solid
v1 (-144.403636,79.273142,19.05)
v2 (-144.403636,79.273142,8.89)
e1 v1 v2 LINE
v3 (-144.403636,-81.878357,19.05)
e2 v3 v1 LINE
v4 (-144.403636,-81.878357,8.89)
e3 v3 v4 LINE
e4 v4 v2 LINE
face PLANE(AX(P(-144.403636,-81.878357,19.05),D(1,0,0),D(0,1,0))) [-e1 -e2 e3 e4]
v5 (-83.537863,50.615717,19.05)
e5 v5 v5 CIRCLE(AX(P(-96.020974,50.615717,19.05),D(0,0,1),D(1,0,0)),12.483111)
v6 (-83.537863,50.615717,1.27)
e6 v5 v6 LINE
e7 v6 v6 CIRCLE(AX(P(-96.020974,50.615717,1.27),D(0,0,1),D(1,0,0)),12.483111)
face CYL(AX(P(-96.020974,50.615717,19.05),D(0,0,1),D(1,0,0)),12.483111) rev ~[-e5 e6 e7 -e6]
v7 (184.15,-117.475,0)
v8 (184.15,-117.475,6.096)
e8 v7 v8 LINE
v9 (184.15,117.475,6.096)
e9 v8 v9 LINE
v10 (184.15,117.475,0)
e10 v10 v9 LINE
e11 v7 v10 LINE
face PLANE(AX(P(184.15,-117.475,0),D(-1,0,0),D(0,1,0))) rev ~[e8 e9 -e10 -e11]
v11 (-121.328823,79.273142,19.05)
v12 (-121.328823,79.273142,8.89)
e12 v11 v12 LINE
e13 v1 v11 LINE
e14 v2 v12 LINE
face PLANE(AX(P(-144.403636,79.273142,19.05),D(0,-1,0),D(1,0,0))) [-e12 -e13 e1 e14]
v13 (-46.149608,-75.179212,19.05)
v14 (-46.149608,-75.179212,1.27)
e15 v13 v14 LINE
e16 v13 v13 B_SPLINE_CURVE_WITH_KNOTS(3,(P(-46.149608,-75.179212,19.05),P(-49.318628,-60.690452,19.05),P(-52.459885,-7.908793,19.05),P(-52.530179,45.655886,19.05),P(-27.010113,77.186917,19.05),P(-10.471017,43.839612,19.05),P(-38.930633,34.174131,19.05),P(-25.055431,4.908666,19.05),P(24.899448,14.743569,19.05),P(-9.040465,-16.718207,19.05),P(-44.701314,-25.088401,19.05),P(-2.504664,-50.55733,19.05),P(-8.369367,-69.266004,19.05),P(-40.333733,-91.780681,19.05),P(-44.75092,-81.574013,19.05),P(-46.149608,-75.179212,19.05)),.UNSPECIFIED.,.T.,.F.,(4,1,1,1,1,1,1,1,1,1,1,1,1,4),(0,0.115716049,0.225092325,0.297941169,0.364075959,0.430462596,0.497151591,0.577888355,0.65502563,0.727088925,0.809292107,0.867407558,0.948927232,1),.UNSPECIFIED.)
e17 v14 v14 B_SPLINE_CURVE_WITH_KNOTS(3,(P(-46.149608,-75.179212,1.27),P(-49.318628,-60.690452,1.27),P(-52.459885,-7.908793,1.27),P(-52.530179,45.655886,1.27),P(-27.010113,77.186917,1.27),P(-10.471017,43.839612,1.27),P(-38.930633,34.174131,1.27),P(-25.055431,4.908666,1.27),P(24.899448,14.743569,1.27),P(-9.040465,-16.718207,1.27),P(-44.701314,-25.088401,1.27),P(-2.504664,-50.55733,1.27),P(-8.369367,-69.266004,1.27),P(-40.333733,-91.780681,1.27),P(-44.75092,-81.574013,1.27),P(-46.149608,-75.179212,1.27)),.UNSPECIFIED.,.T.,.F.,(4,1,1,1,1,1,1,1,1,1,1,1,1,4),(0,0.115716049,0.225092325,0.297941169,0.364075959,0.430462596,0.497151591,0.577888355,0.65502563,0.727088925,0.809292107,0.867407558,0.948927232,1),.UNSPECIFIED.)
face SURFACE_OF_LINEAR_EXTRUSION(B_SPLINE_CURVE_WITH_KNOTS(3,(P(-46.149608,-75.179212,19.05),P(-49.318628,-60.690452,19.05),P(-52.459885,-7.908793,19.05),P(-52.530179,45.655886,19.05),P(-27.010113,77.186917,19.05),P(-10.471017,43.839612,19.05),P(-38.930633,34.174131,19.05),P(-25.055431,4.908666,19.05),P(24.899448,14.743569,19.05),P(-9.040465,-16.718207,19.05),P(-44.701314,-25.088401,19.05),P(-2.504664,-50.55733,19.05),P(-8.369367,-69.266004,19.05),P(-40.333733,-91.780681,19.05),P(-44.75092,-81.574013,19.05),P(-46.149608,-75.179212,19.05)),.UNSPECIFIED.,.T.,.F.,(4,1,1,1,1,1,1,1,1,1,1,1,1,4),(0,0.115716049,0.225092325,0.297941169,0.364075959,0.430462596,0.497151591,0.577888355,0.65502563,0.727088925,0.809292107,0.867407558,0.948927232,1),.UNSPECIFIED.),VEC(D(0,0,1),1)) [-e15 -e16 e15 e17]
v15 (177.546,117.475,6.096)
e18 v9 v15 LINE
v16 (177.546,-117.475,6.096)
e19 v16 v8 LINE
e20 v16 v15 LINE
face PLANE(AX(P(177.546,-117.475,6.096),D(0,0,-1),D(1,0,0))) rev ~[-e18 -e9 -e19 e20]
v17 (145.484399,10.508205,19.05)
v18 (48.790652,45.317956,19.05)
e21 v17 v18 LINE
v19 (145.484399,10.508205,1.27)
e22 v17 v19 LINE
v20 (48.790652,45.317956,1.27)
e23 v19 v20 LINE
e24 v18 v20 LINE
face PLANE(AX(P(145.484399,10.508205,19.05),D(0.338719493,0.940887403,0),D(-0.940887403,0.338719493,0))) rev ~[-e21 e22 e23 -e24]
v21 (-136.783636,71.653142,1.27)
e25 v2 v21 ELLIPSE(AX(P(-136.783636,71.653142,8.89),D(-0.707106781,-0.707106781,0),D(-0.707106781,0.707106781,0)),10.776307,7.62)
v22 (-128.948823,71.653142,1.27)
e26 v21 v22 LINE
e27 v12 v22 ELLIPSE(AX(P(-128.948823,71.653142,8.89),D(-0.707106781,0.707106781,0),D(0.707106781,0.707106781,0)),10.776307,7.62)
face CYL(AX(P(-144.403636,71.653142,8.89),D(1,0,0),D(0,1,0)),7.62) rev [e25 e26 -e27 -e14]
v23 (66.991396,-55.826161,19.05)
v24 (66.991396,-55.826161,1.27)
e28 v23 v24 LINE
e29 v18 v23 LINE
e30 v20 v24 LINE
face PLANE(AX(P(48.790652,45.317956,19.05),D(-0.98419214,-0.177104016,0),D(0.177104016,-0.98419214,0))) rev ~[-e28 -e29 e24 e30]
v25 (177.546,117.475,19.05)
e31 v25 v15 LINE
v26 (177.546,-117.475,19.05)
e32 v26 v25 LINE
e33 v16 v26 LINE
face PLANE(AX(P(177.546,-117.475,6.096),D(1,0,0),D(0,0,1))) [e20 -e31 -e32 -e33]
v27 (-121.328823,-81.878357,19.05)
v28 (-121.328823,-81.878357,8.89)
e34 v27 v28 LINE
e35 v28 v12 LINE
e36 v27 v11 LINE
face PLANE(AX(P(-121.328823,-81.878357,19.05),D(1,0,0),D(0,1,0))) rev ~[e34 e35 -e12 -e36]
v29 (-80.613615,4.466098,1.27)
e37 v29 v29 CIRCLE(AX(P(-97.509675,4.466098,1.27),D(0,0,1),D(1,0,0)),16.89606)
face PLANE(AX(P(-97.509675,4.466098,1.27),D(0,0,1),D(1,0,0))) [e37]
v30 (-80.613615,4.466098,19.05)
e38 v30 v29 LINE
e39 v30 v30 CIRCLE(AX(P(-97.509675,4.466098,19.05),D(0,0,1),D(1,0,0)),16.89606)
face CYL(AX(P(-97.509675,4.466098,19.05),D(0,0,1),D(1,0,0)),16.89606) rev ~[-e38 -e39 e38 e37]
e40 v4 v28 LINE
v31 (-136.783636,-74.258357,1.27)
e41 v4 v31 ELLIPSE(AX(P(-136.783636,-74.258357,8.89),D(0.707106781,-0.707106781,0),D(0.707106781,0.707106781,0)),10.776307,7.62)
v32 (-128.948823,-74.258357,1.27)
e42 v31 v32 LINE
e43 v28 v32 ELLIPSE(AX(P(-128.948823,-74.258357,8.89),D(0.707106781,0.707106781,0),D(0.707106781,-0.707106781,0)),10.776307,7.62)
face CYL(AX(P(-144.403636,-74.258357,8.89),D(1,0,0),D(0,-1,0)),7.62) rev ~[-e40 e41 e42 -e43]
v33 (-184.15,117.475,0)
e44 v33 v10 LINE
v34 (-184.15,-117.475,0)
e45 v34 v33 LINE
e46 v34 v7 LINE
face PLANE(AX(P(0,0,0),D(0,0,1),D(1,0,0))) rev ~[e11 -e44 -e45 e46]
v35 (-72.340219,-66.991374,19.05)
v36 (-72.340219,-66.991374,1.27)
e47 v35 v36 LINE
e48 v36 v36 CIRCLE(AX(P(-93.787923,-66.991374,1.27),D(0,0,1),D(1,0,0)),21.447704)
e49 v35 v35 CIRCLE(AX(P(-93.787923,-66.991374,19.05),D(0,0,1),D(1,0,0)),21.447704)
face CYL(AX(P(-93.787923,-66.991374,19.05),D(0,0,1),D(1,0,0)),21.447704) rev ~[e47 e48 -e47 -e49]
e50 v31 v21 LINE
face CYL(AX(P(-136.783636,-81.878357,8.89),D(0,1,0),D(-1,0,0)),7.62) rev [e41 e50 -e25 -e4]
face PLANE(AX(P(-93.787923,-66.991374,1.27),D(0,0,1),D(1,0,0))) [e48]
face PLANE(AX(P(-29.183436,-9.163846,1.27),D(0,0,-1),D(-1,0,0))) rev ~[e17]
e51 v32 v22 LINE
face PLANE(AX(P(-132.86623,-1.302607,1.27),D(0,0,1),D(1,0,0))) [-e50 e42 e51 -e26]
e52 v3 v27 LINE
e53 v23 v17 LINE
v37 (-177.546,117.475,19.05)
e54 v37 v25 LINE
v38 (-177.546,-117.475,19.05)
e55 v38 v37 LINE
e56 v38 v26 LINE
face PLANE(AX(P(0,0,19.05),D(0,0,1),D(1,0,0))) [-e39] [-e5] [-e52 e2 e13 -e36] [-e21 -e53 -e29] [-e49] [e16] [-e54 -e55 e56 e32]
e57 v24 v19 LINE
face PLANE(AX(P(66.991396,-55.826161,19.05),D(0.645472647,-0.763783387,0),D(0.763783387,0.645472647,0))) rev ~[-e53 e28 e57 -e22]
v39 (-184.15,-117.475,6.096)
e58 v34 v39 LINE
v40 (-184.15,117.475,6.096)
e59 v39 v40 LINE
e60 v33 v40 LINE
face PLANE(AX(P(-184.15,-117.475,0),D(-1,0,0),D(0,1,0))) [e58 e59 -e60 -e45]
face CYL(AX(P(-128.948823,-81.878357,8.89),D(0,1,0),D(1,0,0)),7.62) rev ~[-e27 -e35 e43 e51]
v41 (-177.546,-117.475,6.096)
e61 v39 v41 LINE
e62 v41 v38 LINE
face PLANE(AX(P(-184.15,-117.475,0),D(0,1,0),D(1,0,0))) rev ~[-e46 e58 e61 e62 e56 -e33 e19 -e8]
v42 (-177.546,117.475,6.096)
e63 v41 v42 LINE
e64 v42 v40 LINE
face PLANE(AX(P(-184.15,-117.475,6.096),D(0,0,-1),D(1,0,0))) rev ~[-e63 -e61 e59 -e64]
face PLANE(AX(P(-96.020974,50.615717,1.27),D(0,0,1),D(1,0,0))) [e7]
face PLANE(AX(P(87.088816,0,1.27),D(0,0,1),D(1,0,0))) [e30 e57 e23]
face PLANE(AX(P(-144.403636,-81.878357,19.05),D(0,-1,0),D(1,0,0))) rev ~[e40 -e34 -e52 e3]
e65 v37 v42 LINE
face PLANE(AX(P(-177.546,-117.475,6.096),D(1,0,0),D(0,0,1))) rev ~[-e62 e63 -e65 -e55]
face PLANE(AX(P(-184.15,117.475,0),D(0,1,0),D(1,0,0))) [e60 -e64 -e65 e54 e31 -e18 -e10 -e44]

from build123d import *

# Parameters (mm, degrees)
F0_W      = 368.3
F0_H      = 234.95
F1_DEPTH  = 19.05
F2_W      = 6.604
F2_H      = 12.954
F3_DEPTH  = 234.951
F4_R      = 16.8960598702
F4_R_2    = 21.4477044948
F4_W      = 23.0748131871
F4_H      = 161.1514985561
F4_R_3    = 12.4831112704
F5_DEPTH  = 17.78
F6_R      = 7.62
F8_DEPTH  = 101.6
F14_DEPTH = 44.45


with BuildPart() as f1:
    # F0 (on Top) → F1 (new body)
    with BuildSketch(Plane.XY):
        Rectangle(F0_W, F0_H)
    extrude(amount=F1_DEPTH)

    # F2 (on face) → F3 (cut, through all)
    with BuildSketch(Plane.XZ.offset(117.475)):
        with Locations((180.848, 12.573)):
            Rectangle(F2_W, F2_H)
        with Locations((-180.848, 12.573)):
            Rectangle(F2_W, F2_H)
    extrude(amount=-F3_DEPTH, mode=Mode.SUBTRACT)

    # F4 (on face) → F5 (cut)
    with BuildSketch(Plane.XY.offset(19.05)):
        with BuildLine():
            add(Edge.make_bspline(
                [(-46.1496077478, -75.1792117953), (-49.3186279348, -60.6904518614), (-52.4598845595, -7.9087934106), (-52.5301794964, 45.6558860892), (-27.0101126446, 77.186916711), (-10.4710171081, 43.8396118699), (-38.9306329093, 34.1741312423), (-25.0554307802, 4.9086663528), (24.8994478008, 14.7435687242), (-9.0404651832, -16.7182072693), (-44.7013135767, -25.0884012199), (-2.5046643875, -50.5573295528), (-8.3693665776, -69.2660043872), (-40.33373303, -91.7806813493), (-44.7509198876, -81.5740125329), (-46.1496077478, -75.1792117953)],
                knots=[0, 0, 0, 0, 0.1157160493, 0.2250923254, 0.2979411693, 0.3640759595, 0.4304625959, 0.4971515908, 0.5778883555, 0.6550256298, 0.7270889253, 0.8092921071, 0.8674075577, 0.9489272318, 1, 1, 1, 1], degree=3))
        make_face()
        with Locations((-97.5096747279, 4.4660978019)):
            Circle(F4_R)
        with Locations((-93.7879234552, -66.9913738966)):
            Circle(F4_R_2)
        with Locations((-132.866229862, -1.3026073575)):
            Rectangle(F4_W, F4_H)
        with Locations((-96.0209742188, 50.6157167256)):
            Circle(F4_R_3)
        Polygon((145.4843993486, 10.5082045873), (48.7906520068, 45.3179564694), (66.9913962483, -55.8261610568), align=None)
    extrude(amount=-F5_DEPTH, mode=Mode.SUBTRACT)

    # F6
    f6_edges = [f1.edges().sort_by_distance(p)[0] for p in [
        (-144.403636, -1.302607, 1.27),
        (-132.86623, -81.878357, 1.27),
        (-121.328823, -1.302607, 1.27),
        (-132.86623, 79.273142, 1.27),
    ]]
    fillet(f6_edges, radius=F6_R)


with BuildPart() as f8:
    # F7 (on Right) → F8 (new body)
    with BuildSketch(Plane.YZ):
        Polygon((-12.7, 71.9454362988), (8.5887098685, 71.9454362988), (8.5887098685, 84.6454362988), (0, 84.6454362988), align=None)
        Polygon((-19.05, 71.9454362988), (-12.7, 71.9454362988), (0, 84.6454362988), (8.5887098685, 84.6454362988), (8.5887098685, 90.9954362988), (0, 90.9954362988), align=None)
    extrude(amount=F8_DEPTH)

    # F13 (on 3pt) → F14 (cut, symmetric)
    with BuildSketch(Plane.YZ.offset(50.8)):
        Polygon((0, 86.9807004929), (-17.2928925604, 70.0769647956), (10.7373492792, 68.7931329012), (10.095436126, 86.9807004929), align=None)
    extrude(amount=F14_DEPTH, both=True, mode=Mode.SUBTRACT)


with BuildPart() as f15_1:
    # F15: copy of F8
    add(f8.part)


solid = f1.part
